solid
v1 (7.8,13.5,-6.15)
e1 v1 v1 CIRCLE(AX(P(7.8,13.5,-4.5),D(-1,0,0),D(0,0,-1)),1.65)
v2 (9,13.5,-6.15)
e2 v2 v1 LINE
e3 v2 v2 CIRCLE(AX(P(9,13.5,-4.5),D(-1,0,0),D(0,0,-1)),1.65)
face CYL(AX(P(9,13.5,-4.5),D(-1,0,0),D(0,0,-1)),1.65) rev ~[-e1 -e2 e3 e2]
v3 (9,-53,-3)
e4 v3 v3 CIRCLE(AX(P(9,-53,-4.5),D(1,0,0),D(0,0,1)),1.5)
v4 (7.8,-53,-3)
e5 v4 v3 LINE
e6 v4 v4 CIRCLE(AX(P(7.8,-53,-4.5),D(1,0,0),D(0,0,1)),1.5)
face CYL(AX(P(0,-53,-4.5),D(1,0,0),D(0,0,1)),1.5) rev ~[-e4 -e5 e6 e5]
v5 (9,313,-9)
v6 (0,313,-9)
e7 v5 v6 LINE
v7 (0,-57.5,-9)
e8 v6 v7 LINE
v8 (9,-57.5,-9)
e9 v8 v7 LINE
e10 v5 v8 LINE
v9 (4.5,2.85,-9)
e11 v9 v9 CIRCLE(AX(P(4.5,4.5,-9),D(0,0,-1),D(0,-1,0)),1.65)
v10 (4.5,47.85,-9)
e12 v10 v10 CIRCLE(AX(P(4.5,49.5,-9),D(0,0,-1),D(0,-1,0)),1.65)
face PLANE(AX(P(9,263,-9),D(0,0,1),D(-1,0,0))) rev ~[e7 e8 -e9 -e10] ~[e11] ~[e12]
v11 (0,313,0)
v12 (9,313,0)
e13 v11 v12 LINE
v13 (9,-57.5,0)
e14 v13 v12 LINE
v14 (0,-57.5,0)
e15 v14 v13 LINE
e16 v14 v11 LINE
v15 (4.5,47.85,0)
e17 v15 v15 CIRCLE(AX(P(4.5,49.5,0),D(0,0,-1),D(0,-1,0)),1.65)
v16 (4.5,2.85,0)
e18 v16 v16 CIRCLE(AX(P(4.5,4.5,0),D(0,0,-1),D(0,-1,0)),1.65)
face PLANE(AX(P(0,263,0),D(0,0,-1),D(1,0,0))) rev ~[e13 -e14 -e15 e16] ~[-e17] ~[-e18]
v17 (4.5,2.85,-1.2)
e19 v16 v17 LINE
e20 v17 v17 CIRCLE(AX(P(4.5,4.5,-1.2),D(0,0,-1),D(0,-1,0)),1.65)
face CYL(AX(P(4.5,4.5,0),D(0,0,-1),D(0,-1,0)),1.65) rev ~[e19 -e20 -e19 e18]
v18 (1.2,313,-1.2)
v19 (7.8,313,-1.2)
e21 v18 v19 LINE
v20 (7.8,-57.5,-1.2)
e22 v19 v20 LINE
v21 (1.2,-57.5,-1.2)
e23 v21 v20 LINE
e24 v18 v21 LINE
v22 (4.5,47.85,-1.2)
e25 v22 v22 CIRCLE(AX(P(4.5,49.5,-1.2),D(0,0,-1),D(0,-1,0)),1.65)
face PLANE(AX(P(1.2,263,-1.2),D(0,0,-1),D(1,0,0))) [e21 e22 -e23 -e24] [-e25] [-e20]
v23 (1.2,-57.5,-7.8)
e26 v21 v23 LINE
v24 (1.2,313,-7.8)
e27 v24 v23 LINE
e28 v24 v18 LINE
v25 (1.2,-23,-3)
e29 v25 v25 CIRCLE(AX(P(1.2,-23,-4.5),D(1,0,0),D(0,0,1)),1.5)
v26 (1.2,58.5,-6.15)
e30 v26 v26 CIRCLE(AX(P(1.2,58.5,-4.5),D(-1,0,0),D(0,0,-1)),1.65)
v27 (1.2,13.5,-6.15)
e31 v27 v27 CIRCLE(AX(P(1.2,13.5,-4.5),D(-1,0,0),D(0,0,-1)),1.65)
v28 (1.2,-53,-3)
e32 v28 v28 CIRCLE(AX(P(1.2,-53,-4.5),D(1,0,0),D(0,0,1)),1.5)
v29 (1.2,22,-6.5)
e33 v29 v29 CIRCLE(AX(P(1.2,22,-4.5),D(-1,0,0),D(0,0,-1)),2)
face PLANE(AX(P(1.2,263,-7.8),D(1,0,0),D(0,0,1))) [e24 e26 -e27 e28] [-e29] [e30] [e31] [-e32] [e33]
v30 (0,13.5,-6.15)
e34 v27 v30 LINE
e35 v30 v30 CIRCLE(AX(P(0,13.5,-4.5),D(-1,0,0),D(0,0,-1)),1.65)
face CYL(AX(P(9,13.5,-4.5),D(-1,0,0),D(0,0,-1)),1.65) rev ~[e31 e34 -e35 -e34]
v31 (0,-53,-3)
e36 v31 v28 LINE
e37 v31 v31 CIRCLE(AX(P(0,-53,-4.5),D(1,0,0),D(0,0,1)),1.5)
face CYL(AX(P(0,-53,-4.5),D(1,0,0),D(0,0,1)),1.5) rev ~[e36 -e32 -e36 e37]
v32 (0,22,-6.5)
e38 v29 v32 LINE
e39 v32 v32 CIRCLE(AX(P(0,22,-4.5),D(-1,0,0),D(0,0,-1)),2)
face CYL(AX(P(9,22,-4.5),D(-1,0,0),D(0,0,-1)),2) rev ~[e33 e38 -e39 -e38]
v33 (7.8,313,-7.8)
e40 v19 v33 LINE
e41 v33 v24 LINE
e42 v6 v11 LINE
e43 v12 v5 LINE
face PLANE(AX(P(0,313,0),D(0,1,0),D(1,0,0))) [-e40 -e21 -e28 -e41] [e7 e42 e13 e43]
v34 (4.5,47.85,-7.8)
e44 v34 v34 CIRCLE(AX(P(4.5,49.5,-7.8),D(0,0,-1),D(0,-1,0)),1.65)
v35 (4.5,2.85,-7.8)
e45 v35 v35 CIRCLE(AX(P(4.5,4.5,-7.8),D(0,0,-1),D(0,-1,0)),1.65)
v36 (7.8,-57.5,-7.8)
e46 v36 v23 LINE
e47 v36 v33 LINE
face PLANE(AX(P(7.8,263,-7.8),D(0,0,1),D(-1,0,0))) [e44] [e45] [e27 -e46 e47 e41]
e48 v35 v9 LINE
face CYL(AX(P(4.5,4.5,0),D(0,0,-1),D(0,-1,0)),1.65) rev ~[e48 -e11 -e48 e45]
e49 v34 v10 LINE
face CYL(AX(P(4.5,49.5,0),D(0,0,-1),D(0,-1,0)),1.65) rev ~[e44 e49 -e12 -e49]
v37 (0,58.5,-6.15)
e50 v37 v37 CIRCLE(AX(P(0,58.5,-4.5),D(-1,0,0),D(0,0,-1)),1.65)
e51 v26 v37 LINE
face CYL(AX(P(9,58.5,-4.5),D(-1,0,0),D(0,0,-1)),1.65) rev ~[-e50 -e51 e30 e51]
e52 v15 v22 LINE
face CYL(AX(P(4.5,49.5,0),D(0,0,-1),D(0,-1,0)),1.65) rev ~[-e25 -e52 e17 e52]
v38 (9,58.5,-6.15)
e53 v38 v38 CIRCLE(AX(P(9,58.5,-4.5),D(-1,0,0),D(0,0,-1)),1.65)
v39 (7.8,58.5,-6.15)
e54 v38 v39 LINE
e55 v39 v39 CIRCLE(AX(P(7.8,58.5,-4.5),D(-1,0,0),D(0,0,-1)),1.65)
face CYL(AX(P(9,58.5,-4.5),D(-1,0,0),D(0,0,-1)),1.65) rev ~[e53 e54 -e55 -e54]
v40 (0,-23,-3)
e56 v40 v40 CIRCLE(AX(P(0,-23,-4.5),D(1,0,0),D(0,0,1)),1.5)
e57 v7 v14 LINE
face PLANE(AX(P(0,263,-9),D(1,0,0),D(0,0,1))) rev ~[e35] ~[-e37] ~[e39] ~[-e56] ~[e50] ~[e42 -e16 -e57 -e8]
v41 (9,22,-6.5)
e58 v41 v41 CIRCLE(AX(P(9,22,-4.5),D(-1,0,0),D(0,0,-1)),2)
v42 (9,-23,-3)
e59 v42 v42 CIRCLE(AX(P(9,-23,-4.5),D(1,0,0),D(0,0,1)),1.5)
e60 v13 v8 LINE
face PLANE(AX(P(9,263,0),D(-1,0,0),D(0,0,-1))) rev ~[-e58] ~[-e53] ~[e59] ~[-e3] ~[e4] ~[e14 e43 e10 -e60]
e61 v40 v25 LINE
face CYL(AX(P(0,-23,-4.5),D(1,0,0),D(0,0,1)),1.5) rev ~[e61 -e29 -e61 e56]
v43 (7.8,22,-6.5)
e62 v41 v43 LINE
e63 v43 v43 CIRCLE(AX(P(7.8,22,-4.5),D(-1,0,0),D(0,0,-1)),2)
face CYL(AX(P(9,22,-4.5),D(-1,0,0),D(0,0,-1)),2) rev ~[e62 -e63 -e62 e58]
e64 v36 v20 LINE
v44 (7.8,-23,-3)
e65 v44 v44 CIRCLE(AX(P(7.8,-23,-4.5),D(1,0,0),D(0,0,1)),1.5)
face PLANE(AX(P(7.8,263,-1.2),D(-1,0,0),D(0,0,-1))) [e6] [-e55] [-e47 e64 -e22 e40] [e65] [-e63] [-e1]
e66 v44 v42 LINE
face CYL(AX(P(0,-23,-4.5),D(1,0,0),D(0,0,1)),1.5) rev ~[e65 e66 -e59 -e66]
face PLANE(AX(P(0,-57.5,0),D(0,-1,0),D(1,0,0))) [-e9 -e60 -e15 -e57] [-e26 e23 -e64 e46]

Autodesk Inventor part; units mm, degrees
ref_plane "YZ Plane" through (0, 0, 0) normal (1, 0, 0) x (0, 1, 0)
ref_plane "XZ Plane" through (0, 0, 0) normal (0, 1, 0) x (-1, 0, 0)
ref_plane "XY Plane" through (0, 0, 0) normal (0, 0, 1) x (1, 0, 0)
sketch "スケッチ1" plane through (0, 0, 0) normal (0, 1, 0) x (-1, 0, 0)
  line L0 (0, 0) -> (-9, 0)
  line L1 (-9, 0) -> (-9, -9)
  line L2 (-9, -9) -> (0, -9)
  line L3 (0, -9) -> (0, 0)
  line L4 (-1.2, -1.2) -> (-7.8, -1.2)
  line L5 (-7.8, -1.2) -> (-7.8, -7.8)
  line L6 (-7.8, -7.8) -> (-1.2, -7.8)
  line L7 (-1.2, -7.8) -> (-1.2, -1.2)
  dimension "d0" = 9
  dimension "d1" = 9
  dimension "d2" = 1.2
  dimension "d3" = 1.2
  dimension "d4" = 1.2
  dimension "d5" = 1.2
extrude "押し出し1" add sketch "スケッチ1" along normal blind 63
sketch "スケッチ2" plane through (9, 0, 0) normal (1, 0, 0) x (0, 0, -1)
  line L0 (0, 63) -> (9, 63) projected
  line L1 (9, 0) -> (9, 63) projected
  line L2 (0, 0) -> (9, 0) projected
  point P0 (4.5, 58.5)
  point P1 (4.5, 13.5)
  dimension "d8" = 4.5
  dimension "d9" = 4.5
  dimension "d10" = 4.5
  dimension "d11" = 13.5
hole "穴1" at (9, 58.5, -4.5) at (9, 13.5, -4.5) direction (-1, 0, 0) diameter 3.3 end through all
sketch "スケッチ3" plane through (0, 0, 0) normal (0, 0, 1) x (1, 0, 0)
  line L0 (0, 0) -> (0, 63) projected
  line L1 (0, 0) -> (9, 0) projected
  line L2 (0, 63) -> (9, 63) projected
  point P0 (4.5, 49.5)
  point P1 (4.5, 4.5)
  dimension "d19" = 4.5
  dimension "d20" = 4.5
  dimension "d21" = 13.5
  dimension "d22" = 4.5
hole "穴2" at (4.5, 49.5, 0) at (4.5, 4.5, 0) direction (0, 0, -1) diameter 3.3 end through all
sketch "スケッチ4" plane through (9, 0, 0) normal (1, 0, 0) x (0, 0, -1)
  line L0 (0, 0) -> (9, 0) projected
  line L1 (9, 0) -> (9, 63) projected
  point P0 (4.5, 22)
  dimension "d30" = 22
  dimension "d31" = 4.5
hole "穴3" at (9, 22, -4.5) direction (-1, 0, 0) diameter 4 end through all
sketch "スケッチ5" plane through (0, 63, 0) normal (0, 1, 0) x (1, 0, 0)
  line L0 (0, 9) -> (0, 0) projected
  line L1 (9, 0) -> (9, 9) projected
  line L2 (0, 0) -> (9, 0)
  line L3 (9, 0) -> (9, 9)
  line L4 (9, 9) -> (0, 9)
  line L5 (0, 9) -> (0, 0)
  line L6 (1.2, 1.2) -> (1.2, 7.8) projected
  line L7 (1.2, 7.8) -> (7.8, 7.8) projected
  line L8 (1.2, 1.2) -> (7.8, 1.2)
  line L9 (7.8, 1.2) -> (7.8, 7.8)
  line L10 (7.8, 7.8) -> (1.2, 7.8)
  line L11 (1.2, 7.8) -> (1.2, 1.2)
extrude "押し出し2" add sketch "スケッチ5" along normal blind 200
sketch "スケッチ6" plane through (0, 0, 0) normal (0, -1, 0) x (1, 0, 0)
  line L0 (0, -9) -> (0, 0) projected
  line L1 (9, 0) -> (9, -9) projected
  line L2 (0, 0) -> (9, 0)
  line L3 (9, 0) -> (9, -9)
  line L4 (9, -9) -> (0, -9)
  line L5 (0, -9) -> (0, 0)
  line L6 (1.2, -1.2) -> (1.2, -7.8) projected
  line L7 (7.8, -7.8) -> (7.8, -1.2) projected
  line L8 (1.2, -1.2) -> (7.8, -1.2)
  line L9 (7.8, -1.2) -> (7.8, -7.8)
  line L10 (7.8, -7.8) -> (1.2, -7.8)
  line L11 (1.2, -7.8) -> (1.2, -1.2)
extrude "押し出し3" add sketch "スケッチ6" along normal blind 57.5
sketch "スケッチ7" plane through (0, 263, -9) normal (-1, 0, 0) x (0, 0, 1)
  line L0 (0, -320.5) -> (0, 0) projected
  line L1 (9, -320.5) -> (0, -320.5) projected
  point P0 (9, -263)
  point P1 (4.5, -316)
  point P2 (4.5, -286)
  dimension "d43" = 4.5
  dimension "d44" = 4.5
  dimension "d45" = 4.5
  dimension "d46" = 30
hole "穴4" at (0, -53, -4.5) at (0, -23, -4.5) direction (1, 0, 0) diameter 3 end through all
sketch "スケッチ8" plane through (0, 263, 0) normal (0, 1, 0) x (1, 0, 0)
  line L0 (0, 0) -> (9, 0)
  line L1 (9, 0) -> (9, 9)
  line L2 (9, 9) -> (0, 9)
  line L3 (0, 9) -> (0, 0)
  line L4 (7.8, 7.8) -> (1.2, 7.8)
  line L5 (1.2, 7.8) -> (1.2, 1.2)
  line L6 (1.2, 1.2) -> (7.8, 1.2)
  line L7 (7.8, 1.2) -> (7.8, 7.8)
extrude "押し出し4" add sketch "スケッチ8" along normal blind 50
equation "\"d4\" = d3"
equation "\"d5\" = d4"
equation "\"d9\" = d8"
equation "\"d10\" = d9"
equation "\"d20\" = d19"
equation "\"d22\" = d19"
properties part number "ハンド9x9_4_CPY" material "アルミニウム 6061"
